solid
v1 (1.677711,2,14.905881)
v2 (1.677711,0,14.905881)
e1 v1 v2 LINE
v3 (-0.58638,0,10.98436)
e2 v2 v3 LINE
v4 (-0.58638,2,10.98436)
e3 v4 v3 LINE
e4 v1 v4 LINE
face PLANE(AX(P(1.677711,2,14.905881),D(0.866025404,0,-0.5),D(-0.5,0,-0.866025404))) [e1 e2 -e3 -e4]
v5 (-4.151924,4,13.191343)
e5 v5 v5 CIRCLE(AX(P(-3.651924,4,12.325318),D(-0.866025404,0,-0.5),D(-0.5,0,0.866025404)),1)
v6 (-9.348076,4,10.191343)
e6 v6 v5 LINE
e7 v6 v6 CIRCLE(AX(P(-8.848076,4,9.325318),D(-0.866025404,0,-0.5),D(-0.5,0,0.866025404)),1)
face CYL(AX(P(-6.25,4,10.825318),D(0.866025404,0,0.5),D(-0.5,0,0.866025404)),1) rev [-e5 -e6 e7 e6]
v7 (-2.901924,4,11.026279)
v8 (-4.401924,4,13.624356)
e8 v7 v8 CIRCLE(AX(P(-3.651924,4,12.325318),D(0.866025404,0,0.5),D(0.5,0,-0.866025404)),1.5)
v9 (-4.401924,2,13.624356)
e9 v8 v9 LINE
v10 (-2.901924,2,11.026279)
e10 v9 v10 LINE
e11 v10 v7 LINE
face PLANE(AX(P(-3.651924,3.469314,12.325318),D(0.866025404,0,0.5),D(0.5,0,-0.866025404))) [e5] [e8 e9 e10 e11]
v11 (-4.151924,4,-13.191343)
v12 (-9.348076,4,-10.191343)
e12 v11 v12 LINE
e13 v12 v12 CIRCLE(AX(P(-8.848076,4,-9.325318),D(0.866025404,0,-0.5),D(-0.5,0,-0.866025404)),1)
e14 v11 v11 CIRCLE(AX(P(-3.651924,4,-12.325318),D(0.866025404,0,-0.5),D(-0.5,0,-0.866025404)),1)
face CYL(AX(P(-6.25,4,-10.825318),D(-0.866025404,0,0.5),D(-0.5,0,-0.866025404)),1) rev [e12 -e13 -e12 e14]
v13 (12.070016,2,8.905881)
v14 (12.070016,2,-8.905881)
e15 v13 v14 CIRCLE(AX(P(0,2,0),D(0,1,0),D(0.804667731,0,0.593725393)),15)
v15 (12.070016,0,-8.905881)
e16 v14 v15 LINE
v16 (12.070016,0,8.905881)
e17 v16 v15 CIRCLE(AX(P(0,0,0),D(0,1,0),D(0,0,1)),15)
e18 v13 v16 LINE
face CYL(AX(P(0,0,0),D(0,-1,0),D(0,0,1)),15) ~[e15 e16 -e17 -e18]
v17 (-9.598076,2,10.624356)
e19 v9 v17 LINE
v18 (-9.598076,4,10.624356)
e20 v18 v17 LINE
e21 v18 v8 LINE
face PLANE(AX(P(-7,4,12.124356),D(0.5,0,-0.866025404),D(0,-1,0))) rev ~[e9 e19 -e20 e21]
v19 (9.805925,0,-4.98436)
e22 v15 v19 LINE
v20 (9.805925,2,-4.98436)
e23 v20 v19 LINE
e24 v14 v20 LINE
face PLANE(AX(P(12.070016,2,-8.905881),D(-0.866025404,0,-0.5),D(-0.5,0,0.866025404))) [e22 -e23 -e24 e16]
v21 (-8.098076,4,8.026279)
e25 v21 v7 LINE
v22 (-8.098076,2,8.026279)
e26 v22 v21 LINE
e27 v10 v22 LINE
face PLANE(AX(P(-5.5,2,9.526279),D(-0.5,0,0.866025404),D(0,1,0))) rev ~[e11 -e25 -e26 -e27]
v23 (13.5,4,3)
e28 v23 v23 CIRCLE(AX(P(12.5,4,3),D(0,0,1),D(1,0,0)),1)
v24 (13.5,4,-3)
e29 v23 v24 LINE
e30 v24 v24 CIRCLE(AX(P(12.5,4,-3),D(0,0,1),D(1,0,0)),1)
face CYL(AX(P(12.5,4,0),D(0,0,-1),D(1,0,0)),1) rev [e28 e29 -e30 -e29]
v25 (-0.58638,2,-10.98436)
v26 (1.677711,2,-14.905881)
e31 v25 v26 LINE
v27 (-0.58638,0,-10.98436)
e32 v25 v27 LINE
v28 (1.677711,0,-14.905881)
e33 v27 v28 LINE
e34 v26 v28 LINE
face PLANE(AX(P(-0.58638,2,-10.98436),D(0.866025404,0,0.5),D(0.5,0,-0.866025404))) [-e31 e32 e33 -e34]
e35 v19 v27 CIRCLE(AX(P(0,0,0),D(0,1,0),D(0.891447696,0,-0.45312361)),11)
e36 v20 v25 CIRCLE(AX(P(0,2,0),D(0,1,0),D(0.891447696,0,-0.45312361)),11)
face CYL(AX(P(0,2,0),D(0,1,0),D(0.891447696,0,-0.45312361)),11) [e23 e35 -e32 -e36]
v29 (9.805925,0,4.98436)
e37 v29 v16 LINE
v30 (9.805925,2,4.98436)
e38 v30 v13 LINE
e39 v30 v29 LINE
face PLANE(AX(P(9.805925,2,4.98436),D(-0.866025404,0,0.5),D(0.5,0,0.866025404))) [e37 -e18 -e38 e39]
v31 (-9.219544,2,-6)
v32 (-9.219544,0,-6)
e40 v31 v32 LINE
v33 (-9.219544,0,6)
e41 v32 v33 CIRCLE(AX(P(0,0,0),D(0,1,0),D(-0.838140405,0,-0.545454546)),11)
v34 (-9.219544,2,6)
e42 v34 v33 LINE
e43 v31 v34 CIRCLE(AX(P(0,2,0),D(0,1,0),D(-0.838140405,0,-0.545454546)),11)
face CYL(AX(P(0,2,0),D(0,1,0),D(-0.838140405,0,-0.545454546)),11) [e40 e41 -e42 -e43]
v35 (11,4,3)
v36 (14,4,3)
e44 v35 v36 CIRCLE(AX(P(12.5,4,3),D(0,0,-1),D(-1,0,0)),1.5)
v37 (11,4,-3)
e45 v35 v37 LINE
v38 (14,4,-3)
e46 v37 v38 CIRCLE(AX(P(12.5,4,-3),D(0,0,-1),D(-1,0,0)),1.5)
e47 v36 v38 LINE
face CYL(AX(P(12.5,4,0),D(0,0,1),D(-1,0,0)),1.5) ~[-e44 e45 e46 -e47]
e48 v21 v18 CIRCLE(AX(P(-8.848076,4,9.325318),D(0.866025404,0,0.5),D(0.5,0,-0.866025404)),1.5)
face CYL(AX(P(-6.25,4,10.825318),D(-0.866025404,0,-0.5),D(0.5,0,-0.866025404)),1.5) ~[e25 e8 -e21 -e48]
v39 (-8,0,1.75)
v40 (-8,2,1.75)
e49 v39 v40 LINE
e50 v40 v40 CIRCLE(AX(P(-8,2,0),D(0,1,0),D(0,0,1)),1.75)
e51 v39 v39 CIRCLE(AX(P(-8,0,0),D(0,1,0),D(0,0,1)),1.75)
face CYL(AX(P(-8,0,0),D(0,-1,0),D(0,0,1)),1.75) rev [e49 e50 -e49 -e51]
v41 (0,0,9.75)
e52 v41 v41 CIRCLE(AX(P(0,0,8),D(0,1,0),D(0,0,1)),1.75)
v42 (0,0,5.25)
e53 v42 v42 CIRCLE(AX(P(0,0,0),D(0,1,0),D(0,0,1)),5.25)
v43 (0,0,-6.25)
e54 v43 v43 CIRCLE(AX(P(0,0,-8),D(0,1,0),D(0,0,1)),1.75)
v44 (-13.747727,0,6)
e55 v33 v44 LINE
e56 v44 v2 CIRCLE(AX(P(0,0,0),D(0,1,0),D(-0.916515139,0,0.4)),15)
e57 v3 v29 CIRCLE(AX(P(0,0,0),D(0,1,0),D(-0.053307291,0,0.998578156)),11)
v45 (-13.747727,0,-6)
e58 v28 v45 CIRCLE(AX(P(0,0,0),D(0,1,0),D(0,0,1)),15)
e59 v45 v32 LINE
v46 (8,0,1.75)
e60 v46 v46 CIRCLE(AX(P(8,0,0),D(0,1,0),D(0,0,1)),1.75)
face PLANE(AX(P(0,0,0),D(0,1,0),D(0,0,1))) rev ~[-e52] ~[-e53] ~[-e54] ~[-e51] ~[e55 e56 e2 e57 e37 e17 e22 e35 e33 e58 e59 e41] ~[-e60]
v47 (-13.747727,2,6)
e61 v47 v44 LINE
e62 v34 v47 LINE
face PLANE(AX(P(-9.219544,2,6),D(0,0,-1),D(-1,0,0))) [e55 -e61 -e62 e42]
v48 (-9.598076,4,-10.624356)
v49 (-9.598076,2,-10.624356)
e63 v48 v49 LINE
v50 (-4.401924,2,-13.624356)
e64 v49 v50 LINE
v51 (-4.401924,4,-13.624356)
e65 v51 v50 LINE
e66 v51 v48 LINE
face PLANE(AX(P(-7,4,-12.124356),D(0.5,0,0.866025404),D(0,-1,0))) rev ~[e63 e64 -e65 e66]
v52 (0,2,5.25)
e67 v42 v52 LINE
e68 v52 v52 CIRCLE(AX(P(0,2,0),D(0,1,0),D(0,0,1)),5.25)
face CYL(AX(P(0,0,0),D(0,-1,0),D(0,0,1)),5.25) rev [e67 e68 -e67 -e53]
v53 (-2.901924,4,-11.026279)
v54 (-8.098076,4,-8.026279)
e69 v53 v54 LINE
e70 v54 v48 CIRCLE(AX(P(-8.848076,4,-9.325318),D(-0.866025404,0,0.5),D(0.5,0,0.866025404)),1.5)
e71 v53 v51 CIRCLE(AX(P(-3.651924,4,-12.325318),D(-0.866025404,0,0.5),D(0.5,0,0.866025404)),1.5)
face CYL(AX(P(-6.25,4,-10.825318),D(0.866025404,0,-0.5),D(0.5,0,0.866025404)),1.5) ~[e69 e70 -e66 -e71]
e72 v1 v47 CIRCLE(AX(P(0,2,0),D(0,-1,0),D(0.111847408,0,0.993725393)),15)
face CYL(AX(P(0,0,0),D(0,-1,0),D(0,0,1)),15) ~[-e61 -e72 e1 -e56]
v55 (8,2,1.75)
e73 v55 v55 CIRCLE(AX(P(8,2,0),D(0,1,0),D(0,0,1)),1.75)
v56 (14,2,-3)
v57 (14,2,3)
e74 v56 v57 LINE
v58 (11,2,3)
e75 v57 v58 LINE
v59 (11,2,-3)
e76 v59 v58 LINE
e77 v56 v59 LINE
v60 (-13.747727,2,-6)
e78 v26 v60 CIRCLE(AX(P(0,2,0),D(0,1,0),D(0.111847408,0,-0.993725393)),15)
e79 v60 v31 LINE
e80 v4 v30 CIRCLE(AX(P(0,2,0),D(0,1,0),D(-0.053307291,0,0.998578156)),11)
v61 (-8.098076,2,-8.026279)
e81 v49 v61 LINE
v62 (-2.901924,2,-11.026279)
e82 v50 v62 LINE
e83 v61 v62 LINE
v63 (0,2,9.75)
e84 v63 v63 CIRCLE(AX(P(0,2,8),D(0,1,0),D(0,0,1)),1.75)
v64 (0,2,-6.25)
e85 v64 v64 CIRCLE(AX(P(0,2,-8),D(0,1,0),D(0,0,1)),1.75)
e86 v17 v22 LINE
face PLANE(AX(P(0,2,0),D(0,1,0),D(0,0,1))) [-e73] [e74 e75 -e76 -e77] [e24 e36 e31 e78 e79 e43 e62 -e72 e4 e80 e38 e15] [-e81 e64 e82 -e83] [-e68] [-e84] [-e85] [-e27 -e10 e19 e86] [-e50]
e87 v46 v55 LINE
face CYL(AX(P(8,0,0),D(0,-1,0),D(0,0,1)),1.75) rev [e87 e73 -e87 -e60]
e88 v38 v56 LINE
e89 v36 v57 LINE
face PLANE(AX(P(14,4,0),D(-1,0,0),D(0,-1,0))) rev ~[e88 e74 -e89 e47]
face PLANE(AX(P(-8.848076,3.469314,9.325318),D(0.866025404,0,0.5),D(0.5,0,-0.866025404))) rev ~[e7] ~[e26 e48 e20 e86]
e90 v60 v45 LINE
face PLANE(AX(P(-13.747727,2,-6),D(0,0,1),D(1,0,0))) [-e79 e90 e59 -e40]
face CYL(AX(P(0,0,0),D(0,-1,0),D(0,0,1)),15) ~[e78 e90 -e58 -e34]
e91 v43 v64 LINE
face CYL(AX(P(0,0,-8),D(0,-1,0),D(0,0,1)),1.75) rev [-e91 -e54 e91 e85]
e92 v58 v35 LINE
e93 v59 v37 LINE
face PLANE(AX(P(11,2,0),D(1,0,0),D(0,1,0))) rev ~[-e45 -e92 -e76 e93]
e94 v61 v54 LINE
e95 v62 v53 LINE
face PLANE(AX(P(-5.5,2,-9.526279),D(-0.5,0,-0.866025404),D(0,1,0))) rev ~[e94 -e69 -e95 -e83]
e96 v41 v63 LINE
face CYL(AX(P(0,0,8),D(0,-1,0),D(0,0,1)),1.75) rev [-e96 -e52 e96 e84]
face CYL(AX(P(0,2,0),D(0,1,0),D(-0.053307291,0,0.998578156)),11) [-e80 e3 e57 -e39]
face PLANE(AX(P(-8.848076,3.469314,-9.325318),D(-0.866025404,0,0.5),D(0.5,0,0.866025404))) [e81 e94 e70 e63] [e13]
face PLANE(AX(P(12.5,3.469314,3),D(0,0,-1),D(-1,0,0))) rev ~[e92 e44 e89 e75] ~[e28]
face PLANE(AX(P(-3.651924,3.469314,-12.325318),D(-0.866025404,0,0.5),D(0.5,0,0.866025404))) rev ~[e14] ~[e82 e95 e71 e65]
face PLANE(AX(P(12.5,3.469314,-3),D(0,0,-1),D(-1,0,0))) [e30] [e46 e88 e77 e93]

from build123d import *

# Parameters (mm, degrees)
SKETCH1_R           = 15
SKETCH1_R_2         = 5.25
SKETCH1_R_3         = 1.75
BOSS_EXTRUDE1_DEPTH = 2
SKETCH2_R           = 1
BOSS_EXTRUDE2_DEPTH = 3
CIRPATTERN1_COUNT   = 3
SKETCH3_OUTSIDE_W   = 40.556
SKETCH3_OUTSIDE_H   = 40.556
CUT_EXTRUDE1_DEPTH  = 10


with BuildPart() as part:
    # Sketch1 → Boss-Extrude1 (new body)
    with BuildSketch(Plane(origin=(0, 0, 0), x_dir=(1, 0, 0), z_dir=(0, 1, 0))):
        with Locations(Location((0, 0, 0), (0, 0, 270))):
            Circle(SKETCH1_R)
        with Locations(Location((0, 0, 0), (0, 0, 270))):
            Circle(SKETCH1_R_2, mode=Mode.SUBTRACT)
        with Locations(Location((0, 8, 0), (0, 0, 270))):
            Circle(SKETCH1_R_3, mode=Mode.SUBTRACT)
        with Locations(Location((8, 0, 0), (0, 0, 270))):
            Circle(SKETCH1_R_3, mode=Mode.SUBTRACT)
        with Locations(Location((0, -8, 0), (0, 0, 270))):
            Circle(SKETCH1_R_3, mode=Mode.SUBTRACT)
        with Locations(Location((-8, 0, 0), (0, 0, 270))):
            Circle(SKETCH1_R_3, mode=Mode.SUBTRACT)
    extrude(amount=BOSS_EXTRUDE1_DEPTH)

    # Sketch2 → Boss-Extrude2 (add, symmetric)
    with BuildSketch(Plane.XY):
        with BuildLine():
            Line((11, 2), (11, 4))
            ThreePointArc((11, 4), (12.5, 5.5), (14, 4))
            Line((14, 4), (14, 2))
            Line((14, 2), (11, 2))
        make_face()
        with Locations((12.5, 4)):
            Circle(SKETCH2_R, mode=Mode.SUBTRACT)
    boss_extrude2 = extrude(amount=BOSS_EXTRUDE2_DEPTH, both=True)

    # CirPattern1: Boss-Extrude2 ×3 about axis
    cirpattern1_axis = Axis((0, 0, 0), (0, 1, 0))
    for i in range(1, CIRPATTERN1_COUNT):
        add(boss_extrude2.rotate(cirpattern1_axis, i * 360 / CIRPATTERN1_COUNT))

    # Sketch3 outside → Cut-Extrude1 (cut)
    with BuildSketch(Plane(origin=(0, 2, 0), x_dir=(1, 0, 0), z_dir=(0, 1, 0))):
        Rectangle(SKETCH3_OUTSIDE_W, SKETCH3_OUTSIDE_H)
        with BuildLine():
            Line((1.67771112, -14.9058809), (-0.586380194, -10.984359711))
            ThreePointArc((-0.586380194, -10.984359711), (5.5, -9.526279442), (9.805924651, -4.984359711))
            Line((9.805924651, -4.984359711), (12.070015965, -8.9058809))
            ThreePointArc((12.070015965, -8.9058809), (15, 0), (12.070015965, 8.9058809))
            Line((12.070015965, 8.9058809), (9.805924651, 4.984359711))
            ThreePointArc((9.805924651, 4.984359711), (5.5, 9.526279442), (-0.586380194, 10.984359711))
            Line((-0.586380194, 10.984359711), (1.67771112, 14.9058809))
            ThreePointArc((1.67771112, 14.9058809), (-7.5, 12.990381057), (-13.747727085, 6))
            Line((-13.747727085, 6), (-9.219544457, 6))
            ThreePointArc((-9.219544457, 6), (-11, 0), (-9.219544457, -6))
            Line((-9.219544457, -6), (-13.747727085, -6))
            ThreePointArc((-13.747727085, -6), (-7.5, -12.990381057), (1.67771112, -14.9058809))
        make_face(mode=Mode.SUBTRACT)
    extrude(amount=-CUT_EXTRUDE1_DEPTH, mode=Mode.SUBTRACT)


solid = part.part
